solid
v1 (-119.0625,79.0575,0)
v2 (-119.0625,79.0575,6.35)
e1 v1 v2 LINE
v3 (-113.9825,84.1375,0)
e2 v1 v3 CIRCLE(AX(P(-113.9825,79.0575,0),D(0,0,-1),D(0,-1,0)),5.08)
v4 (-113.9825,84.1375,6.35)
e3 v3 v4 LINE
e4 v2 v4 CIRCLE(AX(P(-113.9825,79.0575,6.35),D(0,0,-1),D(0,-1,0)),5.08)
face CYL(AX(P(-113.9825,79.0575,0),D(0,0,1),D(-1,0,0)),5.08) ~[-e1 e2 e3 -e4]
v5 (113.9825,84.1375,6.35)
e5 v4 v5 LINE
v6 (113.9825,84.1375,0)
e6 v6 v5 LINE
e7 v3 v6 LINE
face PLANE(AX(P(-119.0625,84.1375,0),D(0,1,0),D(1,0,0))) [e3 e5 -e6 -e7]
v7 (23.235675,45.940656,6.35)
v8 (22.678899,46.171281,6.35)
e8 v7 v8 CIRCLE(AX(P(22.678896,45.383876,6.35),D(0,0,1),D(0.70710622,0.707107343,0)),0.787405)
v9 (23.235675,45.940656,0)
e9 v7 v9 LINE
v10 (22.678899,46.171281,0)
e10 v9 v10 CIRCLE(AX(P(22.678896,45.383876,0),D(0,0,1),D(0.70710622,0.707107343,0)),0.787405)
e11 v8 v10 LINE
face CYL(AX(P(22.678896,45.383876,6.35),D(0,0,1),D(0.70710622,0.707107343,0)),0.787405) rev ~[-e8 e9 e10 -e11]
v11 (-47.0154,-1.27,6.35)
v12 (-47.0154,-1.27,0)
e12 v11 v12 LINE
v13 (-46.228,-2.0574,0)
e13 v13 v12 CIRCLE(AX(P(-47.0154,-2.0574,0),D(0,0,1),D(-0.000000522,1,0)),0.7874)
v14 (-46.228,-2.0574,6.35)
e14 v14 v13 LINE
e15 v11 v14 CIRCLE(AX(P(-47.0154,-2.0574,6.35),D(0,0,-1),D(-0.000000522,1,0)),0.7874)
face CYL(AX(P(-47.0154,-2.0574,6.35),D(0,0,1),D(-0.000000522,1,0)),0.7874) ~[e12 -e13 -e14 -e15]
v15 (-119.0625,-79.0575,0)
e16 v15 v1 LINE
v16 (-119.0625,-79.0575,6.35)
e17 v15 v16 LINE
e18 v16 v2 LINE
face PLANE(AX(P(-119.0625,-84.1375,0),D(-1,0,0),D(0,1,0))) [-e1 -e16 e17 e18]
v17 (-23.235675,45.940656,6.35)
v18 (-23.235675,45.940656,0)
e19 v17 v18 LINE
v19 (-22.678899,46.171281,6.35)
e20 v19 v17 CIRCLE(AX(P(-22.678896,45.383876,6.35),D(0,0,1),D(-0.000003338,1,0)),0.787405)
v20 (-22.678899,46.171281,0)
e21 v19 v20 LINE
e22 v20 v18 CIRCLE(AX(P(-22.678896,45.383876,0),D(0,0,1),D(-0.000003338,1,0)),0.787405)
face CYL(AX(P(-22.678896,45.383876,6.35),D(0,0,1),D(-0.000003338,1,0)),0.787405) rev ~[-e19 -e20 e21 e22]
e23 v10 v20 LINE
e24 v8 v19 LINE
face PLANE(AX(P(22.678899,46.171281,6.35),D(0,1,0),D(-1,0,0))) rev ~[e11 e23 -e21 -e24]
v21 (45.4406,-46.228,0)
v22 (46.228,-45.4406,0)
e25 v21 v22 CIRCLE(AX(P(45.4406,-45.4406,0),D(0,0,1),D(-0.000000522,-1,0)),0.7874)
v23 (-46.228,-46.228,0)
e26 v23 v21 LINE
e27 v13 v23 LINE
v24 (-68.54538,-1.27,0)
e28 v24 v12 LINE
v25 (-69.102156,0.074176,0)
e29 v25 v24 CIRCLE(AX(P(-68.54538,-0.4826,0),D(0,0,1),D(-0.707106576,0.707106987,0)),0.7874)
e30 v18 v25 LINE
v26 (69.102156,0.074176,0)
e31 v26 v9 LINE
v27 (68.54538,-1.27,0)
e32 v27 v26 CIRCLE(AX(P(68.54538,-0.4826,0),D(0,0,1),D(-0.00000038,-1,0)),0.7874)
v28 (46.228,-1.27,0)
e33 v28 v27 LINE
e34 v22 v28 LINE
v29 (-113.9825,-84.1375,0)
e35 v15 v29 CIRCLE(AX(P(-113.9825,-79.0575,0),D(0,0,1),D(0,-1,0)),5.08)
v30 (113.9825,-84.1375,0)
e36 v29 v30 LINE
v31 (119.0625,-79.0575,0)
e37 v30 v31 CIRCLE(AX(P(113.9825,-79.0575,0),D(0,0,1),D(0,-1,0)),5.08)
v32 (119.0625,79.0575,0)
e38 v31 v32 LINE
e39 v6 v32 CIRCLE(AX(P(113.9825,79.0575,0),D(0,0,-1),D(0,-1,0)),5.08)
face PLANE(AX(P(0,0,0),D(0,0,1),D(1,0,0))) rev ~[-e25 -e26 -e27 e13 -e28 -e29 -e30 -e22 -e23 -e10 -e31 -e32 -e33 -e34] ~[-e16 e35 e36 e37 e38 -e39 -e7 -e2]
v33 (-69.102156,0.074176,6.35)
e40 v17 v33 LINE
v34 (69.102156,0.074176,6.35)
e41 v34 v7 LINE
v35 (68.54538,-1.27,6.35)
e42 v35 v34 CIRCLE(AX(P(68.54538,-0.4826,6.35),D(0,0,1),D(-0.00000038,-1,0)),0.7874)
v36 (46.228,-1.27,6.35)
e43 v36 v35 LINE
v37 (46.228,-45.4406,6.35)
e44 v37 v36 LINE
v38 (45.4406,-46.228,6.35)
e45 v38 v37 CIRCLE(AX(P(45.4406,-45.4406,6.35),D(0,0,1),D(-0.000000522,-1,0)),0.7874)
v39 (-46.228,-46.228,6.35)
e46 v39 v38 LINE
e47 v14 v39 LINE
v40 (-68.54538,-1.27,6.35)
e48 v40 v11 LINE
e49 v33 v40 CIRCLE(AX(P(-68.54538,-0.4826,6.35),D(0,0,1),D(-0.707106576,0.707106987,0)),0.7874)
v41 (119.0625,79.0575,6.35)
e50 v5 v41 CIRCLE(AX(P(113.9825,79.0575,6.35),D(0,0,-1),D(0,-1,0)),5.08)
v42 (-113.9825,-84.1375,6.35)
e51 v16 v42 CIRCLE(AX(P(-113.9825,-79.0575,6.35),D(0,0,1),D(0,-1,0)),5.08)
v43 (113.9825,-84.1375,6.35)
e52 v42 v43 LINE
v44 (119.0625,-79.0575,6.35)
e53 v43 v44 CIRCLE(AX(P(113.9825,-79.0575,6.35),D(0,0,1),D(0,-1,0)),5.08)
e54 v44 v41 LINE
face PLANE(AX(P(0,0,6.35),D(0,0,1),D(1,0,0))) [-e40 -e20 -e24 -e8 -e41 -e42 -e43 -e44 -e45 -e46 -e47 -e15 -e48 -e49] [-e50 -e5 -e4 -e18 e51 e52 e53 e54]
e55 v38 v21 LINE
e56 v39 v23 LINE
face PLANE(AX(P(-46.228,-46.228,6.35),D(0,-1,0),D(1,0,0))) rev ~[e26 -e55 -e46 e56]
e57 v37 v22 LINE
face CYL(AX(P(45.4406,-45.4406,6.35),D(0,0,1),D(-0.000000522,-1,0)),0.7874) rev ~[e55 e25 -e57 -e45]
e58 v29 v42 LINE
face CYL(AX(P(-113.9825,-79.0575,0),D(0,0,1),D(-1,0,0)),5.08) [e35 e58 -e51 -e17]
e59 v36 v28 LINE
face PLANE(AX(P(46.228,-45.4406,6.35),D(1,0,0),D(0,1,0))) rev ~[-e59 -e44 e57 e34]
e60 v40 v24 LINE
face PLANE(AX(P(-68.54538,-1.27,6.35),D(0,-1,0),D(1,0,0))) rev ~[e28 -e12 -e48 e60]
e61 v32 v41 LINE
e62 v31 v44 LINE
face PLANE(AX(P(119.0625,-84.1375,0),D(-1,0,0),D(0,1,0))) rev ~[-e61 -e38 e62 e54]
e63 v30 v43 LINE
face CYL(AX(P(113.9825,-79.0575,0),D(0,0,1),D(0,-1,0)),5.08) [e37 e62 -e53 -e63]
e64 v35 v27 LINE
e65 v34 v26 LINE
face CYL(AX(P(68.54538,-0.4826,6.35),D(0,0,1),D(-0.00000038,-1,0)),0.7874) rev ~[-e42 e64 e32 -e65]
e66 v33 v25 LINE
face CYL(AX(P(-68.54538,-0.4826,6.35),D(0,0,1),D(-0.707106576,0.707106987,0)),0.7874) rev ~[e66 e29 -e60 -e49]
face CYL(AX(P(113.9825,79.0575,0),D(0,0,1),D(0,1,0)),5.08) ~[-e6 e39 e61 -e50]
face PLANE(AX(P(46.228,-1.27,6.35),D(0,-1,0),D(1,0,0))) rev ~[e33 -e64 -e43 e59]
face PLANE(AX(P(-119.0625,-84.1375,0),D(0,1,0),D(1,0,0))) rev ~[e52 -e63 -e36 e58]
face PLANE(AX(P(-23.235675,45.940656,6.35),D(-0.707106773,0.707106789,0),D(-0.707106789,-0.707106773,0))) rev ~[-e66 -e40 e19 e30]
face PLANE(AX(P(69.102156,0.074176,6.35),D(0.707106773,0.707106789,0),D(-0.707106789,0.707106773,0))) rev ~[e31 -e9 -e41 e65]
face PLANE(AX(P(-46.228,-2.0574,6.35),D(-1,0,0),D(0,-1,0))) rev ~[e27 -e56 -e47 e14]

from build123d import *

# Parameters (mm, degrees)
F0_W     = 238.125
F0_H     = 168.275
F1_DEPTH = 6.35
F3_DEPTH = 6.351
F5_DEPTH = 6.351
F6_R     = 5.08


with BuildPart() as f1:
    # F0 (on Top) → F1 (new body)
    with BuildSketch(Plane.XY):
        Rectangle(F0_W, F0_H)
    extrude(amount=F1_DEPTH)

    # F2 (on face) → F3 (cut, through all)
    with BuildSketch(Plane.XY.offset(6.35)):
        Polygon((22.479, 44.901281), (0, 44.901281), (-22.479, 44.901281), (-67.380281, 0), (-44.958, 0), (-44.958, -44.958), (0, -44.958), (44.958, -44.958), (44.958, 0), (67.380281, 0), align=None)
    extrude(amount=-F3_DEPTH, mode=Mode.SUBTRACT)

    # F4 (on face) → F5 (cut, through all)
    with BuildSketch(Plane.XY.offset(6.35)):
        with BuildLine():
            ThreePointArc((-22.678899, 46.171281), (-22.980224, 46.111343), (-23.235675, 45.940656))
            Line((-23.235675, 45.940656), (-69.102156, 0.074176))
            ThreePointArc((-69.102156, 0.074176), (-69.272843, -0.783925), (-68.54538, -1.27))
            Line((-68.54538, -1.27), (-47.0154, -1.27))
            ThreePointArc((-47.0154, -1.27), (-46.458624, -1.500624), (-46.228, -2.0574))
            Line((-46.228, -2.0574), (-46.228, -46.228))
            Line((-46.228, -46.228), (45.4406, -46.228))
            ThreePointArc((45.4406, -46.228), (45.997376, -45.997376), (46.228, -45.4406))
            Line((46.228, -45.4406), (46.228, -1.27))
            Line((46.228, -1.27), (68.54538, -1.27))
            ThreePointArc((68.54538, -1.27), (69.272843, -0.783925), (69.102156, 0.074176))
            Line((69.102156, 0.074176), (23.235675, 45.940656))
            ThreePointArc((23.235675, 45.940656), (22.980224, 46.111343), (22.678899, 46.171281))
            Line((22.678899, 46.171281), (-22.678899, 46.171281))
        make_face()
    extrude(amount=-F5_DEPTH, mode=Mode.SUBTRACT)

    # F6
    f6_edges = [f1.edges().sort_by_distance(p)[0] for p in [
        (119.0625, 84.1375, 3.175),
        (119.0625, -84.1375, 3.175),
        (-119.0625, -84.1375, 3.175),
        (-119.0625, 84.1375, 3.175),
    ]]
    fillet(f6_edges, radius=F6_R)


solid = f1.part
